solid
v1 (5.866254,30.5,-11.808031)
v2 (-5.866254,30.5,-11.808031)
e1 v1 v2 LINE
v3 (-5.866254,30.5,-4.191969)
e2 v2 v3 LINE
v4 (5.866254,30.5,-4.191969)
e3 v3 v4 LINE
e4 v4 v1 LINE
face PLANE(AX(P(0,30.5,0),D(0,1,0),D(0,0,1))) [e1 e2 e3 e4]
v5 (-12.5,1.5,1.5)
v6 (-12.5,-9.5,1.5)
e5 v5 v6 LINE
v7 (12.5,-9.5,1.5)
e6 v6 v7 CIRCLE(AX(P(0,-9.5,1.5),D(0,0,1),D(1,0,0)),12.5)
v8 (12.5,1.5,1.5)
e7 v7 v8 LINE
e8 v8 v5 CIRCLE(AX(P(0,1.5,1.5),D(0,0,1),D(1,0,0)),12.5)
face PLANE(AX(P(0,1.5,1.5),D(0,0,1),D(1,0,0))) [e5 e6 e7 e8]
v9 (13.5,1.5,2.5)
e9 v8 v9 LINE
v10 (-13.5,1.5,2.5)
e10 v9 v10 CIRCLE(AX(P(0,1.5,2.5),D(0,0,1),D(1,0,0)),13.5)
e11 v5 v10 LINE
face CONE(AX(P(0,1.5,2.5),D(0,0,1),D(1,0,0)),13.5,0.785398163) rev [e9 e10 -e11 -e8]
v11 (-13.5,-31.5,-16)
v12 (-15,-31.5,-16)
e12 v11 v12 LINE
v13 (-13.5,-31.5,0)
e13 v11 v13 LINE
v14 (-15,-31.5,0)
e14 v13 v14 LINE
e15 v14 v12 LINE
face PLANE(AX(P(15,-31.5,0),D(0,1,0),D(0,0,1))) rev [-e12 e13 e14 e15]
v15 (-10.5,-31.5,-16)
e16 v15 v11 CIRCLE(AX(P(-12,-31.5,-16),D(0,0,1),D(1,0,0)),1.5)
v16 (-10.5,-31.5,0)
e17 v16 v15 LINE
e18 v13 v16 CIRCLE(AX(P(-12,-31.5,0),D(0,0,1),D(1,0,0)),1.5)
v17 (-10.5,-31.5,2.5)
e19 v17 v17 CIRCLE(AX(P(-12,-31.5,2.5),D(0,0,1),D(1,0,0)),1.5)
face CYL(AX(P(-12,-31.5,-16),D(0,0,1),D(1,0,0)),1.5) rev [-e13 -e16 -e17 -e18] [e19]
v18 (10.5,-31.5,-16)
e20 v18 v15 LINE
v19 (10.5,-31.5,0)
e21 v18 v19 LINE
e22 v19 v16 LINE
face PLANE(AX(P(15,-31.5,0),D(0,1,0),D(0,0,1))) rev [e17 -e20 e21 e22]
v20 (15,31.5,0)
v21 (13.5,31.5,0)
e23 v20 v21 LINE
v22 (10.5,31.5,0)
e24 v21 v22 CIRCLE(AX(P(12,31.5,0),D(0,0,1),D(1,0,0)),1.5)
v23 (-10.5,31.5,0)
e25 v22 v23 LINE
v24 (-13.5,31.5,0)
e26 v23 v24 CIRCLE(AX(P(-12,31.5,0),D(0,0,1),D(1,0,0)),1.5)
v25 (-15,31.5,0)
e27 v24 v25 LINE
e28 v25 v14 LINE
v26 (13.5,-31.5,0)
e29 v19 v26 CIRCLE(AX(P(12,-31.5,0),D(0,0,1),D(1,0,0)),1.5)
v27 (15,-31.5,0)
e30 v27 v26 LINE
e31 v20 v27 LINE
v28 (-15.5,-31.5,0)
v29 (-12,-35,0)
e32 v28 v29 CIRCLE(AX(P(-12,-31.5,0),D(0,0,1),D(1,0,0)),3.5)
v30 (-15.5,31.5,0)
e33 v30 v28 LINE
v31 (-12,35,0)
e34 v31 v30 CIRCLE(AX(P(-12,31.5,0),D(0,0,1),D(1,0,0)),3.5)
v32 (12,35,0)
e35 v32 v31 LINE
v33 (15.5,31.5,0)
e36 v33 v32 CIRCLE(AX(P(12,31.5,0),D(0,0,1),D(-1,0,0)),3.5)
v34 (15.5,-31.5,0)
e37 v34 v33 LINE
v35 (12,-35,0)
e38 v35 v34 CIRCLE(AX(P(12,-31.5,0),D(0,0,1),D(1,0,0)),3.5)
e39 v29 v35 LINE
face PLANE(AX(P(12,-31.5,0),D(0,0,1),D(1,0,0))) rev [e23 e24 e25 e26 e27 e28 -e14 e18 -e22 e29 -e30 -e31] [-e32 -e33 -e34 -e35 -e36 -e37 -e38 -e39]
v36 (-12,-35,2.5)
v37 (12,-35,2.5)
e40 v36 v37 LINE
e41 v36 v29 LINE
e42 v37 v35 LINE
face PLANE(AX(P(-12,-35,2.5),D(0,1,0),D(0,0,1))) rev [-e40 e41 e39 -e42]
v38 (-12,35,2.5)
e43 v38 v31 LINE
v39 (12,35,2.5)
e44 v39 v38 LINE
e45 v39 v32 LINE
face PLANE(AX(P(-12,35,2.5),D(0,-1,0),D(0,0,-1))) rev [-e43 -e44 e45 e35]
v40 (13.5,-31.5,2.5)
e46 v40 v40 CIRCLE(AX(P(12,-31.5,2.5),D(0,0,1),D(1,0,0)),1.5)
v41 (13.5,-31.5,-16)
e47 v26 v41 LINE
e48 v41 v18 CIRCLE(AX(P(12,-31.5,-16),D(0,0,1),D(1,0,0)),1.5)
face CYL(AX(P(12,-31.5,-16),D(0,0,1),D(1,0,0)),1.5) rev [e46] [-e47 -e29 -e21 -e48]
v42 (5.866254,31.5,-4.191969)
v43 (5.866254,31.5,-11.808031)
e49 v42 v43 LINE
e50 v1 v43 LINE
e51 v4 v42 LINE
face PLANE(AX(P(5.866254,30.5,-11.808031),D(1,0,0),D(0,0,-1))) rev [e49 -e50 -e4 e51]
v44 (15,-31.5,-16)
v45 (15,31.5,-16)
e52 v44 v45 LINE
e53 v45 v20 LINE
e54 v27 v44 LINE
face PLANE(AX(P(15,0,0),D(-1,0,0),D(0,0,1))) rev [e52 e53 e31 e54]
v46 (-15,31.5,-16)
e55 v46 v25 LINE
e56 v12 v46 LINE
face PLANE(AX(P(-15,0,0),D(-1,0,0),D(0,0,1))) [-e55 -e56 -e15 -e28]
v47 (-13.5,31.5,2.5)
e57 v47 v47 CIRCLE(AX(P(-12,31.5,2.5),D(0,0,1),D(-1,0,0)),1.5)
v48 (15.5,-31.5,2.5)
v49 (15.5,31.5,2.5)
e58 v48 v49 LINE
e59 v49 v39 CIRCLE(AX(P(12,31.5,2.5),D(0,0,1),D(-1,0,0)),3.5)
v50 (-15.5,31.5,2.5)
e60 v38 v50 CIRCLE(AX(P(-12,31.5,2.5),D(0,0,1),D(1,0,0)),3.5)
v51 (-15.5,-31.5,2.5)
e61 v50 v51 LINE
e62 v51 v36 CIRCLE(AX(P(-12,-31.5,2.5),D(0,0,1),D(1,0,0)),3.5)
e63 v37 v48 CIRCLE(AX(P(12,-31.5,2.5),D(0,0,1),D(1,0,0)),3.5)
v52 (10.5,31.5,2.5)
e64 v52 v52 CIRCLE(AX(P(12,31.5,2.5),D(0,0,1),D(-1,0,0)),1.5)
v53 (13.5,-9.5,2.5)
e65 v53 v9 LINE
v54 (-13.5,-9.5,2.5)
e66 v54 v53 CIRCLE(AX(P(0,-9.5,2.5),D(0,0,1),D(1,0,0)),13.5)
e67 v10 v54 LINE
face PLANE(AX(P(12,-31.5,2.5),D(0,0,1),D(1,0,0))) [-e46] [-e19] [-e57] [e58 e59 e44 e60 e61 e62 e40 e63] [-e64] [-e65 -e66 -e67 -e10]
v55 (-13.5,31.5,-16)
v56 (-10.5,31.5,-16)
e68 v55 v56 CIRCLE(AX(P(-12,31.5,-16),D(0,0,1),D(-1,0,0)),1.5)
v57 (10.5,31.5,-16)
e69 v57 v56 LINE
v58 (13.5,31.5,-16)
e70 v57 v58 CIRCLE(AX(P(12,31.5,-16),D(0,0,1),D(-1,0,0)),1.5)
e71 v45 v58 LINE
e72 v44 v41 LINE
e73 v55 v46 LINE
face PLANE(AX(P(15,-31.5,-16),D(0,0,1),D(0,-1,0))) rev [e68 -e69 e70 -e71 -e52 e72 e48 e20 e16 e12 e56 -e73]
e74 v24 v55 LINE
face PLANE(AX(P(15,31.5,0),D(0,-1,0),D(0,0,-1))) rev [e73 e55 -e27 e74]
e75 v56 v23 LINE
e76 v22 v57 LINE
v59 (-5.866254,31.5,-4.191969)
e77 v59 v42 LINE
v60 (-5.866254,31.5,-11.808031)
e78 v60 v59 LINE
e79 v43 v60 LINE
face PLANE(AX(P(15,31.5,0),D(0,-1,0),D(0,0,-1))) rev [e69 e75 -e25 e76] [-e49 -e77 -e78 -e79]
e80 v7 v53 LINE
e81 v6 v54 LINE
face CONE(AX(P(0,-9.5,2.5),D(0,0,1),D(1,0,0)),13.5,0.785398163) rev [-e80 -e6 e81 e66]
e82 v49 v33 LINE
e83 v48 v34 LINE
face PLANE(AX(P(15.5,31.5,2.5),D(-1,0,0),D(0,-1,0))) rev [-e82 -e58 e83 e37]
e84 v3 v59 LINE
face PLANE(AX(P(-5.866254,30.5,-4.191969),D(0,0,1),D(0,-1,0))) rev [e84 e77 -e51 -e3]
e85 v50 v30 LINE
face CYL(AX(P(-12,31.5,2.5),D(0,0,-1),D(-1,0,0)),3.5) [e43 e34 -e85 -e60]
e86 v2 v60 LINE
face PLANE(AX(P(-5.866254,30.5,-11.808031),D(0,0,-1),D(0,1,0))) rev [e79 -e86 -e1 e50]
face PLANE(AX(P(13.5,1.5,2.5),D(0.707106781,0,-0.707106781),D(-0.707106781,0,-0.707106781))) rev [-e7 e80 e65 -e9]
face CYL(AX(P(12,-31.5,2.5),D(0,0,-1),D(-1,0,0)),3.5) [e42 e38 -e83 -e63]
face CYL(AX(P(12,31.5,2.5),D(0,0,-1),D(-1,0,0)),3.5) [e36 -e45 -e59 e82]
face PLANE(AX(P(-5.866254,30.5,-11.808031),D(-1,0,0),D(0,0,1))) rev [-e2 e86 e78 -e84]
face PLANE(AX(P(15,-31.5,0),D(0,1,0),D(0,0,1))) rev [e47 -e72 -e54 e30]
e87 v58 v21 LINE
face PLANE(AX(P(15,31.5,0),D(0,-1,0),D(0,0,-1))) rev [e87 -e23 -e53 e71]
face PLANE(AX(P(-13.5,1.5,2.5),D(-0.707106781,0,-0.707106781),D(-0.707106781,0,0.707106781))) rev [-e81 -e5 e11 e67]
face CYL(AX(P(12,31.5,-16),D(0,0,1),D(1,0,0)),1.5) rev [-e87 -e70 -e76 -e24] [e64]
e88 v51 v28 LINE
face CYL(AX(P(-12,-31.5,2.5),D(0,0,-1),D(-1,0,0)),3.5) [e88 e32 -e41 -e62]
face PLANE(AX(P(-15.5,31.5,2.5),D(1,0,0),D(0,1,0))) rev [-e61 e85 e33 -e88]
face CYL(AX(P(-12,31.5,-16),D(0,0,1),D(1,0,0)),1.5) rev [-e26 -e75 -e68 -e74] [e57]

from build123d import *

# Parameters (mm, degrees)
BOSS_EXTRUDE1_DEPTH     = 2.5
SKETCH3_W               = 16
SKETCH3_H               = 63
BOSS_EXTRUDE2_DEPTH     = 15
SKETCH2_R               = 1.5
CUT_EXTRUDE1_DEPTH      = 3.5
CUT_EXTRUDE1_DEPTH_BACK = 17
CUT_EXTRUDE2_DEPTH      = 1
CUT_EXTRUDE2_TAPER      = 45
SKETCH5_W               = 11.73250701
SKETCH5_H               = 7.616061756
CUT_EXTRUDE3_DEPTH      = 1


with BuildPart() as part:
    # Sketch1 → Boss-Extrude1 (new body)
    with BuildSketch(Plane.XY):
        with BuildLine():
            Line((-12, 35), (12, 35))
            ThreePointArc((12, 35), (14.474873734, 33.974873734), (15.5, 31.5))
            Line((15.5, 31.5), (15.5, -31.5))
            ThreePointArc((15.5, -31.5), (14.474873734, -33.974873734), (12, -35))
            Line((12, -35), (-12, -35))
            ThreePointArc((-12, -35), (-14.474873734, -33.974873734), (-15.5, -31.5))
            Line((-15.5, -31.5), (-15.5, 31.5))
            ThreePointArc((-15.5, 31.5), (-14.474873734, 33.974873734), (-12, 35))
        make_face()
    extrude(amount=BOSS_EXTRUDE1_DEPTH)

    # Sketch3 → Boss-Extrude2 (add, symmetric)
    with BuildSketch(Plane(origin=(0, 0, 0), x_dir=(0, 0, -1), z_dir=(1, 0, 0))):
        with Locations((8, 0)):
            Rectangle(SKETCH3_W, SKETCH3_H)
    extrude(amount=BOSS_EXTRUDE2_DEPTH, both=True)

    # Sketch2 → Cut-Extrude1 (cut, two sides)
    with BuildSketch(Plane.XY) as cut_extrude1_sk:
        with Locations((-12, -31.5)):
            Circle(SKETCH2_R)
        with Locations((12, -31.5)):
            Circle(SKETCH2_R)
        with Locations((12, 31.5)):
            Circle(SKETCH2_R)
        with Locations((-12, 31.5)):
            Circle(SKETCH2_R)
    extrude(amount=CUT_EXTRUDE1_DEPTH, mode=Mode.SUBTRACT)
    extrude(cut_extrude1_sk.sketch, amount=-CUT_EXTRUDE1_DEPTH_BACK, mode=Mode.SUBTRACT)

    # Sketch4 → Cut-Extrude2 (cut)
    with BuildSketch(Plane.XY.offset(2.5)):
        with BuildLine():
            ThreePointArc((13.5, 1.5), (0, 15), (-13.5, 1.5))
            Line((-13.5, 1.5), (-13.5, -9.5))
            ThreePointArc((-13.5, -9.5), (0, -23), (13.5, -9.5))
            Line((13.5, -9.5), (13.5, 1.5))
        make_face()
    extrude(amount=-CUT_EXTRUDE2_DEPTH, taper=CUT_EXTRUDE2_TAPER, mode=Mode.SUBTRACT)

    # Sketch5 → Cut-Extrude3 (cut)
    with BuildSketch(Plane(origin=(0, 31.5, 0), x_dir=(1, 0, 0), z_dir=(0, 1, 0))):
        with Locations((0, 8)):
            Rectangle(SKETCH5_W, SKETCH5_H)
    extrude(amount=-CUT_EXTRUDE3_DEPTH, mode=Mode.SUBTRACT)


solid = part.part
